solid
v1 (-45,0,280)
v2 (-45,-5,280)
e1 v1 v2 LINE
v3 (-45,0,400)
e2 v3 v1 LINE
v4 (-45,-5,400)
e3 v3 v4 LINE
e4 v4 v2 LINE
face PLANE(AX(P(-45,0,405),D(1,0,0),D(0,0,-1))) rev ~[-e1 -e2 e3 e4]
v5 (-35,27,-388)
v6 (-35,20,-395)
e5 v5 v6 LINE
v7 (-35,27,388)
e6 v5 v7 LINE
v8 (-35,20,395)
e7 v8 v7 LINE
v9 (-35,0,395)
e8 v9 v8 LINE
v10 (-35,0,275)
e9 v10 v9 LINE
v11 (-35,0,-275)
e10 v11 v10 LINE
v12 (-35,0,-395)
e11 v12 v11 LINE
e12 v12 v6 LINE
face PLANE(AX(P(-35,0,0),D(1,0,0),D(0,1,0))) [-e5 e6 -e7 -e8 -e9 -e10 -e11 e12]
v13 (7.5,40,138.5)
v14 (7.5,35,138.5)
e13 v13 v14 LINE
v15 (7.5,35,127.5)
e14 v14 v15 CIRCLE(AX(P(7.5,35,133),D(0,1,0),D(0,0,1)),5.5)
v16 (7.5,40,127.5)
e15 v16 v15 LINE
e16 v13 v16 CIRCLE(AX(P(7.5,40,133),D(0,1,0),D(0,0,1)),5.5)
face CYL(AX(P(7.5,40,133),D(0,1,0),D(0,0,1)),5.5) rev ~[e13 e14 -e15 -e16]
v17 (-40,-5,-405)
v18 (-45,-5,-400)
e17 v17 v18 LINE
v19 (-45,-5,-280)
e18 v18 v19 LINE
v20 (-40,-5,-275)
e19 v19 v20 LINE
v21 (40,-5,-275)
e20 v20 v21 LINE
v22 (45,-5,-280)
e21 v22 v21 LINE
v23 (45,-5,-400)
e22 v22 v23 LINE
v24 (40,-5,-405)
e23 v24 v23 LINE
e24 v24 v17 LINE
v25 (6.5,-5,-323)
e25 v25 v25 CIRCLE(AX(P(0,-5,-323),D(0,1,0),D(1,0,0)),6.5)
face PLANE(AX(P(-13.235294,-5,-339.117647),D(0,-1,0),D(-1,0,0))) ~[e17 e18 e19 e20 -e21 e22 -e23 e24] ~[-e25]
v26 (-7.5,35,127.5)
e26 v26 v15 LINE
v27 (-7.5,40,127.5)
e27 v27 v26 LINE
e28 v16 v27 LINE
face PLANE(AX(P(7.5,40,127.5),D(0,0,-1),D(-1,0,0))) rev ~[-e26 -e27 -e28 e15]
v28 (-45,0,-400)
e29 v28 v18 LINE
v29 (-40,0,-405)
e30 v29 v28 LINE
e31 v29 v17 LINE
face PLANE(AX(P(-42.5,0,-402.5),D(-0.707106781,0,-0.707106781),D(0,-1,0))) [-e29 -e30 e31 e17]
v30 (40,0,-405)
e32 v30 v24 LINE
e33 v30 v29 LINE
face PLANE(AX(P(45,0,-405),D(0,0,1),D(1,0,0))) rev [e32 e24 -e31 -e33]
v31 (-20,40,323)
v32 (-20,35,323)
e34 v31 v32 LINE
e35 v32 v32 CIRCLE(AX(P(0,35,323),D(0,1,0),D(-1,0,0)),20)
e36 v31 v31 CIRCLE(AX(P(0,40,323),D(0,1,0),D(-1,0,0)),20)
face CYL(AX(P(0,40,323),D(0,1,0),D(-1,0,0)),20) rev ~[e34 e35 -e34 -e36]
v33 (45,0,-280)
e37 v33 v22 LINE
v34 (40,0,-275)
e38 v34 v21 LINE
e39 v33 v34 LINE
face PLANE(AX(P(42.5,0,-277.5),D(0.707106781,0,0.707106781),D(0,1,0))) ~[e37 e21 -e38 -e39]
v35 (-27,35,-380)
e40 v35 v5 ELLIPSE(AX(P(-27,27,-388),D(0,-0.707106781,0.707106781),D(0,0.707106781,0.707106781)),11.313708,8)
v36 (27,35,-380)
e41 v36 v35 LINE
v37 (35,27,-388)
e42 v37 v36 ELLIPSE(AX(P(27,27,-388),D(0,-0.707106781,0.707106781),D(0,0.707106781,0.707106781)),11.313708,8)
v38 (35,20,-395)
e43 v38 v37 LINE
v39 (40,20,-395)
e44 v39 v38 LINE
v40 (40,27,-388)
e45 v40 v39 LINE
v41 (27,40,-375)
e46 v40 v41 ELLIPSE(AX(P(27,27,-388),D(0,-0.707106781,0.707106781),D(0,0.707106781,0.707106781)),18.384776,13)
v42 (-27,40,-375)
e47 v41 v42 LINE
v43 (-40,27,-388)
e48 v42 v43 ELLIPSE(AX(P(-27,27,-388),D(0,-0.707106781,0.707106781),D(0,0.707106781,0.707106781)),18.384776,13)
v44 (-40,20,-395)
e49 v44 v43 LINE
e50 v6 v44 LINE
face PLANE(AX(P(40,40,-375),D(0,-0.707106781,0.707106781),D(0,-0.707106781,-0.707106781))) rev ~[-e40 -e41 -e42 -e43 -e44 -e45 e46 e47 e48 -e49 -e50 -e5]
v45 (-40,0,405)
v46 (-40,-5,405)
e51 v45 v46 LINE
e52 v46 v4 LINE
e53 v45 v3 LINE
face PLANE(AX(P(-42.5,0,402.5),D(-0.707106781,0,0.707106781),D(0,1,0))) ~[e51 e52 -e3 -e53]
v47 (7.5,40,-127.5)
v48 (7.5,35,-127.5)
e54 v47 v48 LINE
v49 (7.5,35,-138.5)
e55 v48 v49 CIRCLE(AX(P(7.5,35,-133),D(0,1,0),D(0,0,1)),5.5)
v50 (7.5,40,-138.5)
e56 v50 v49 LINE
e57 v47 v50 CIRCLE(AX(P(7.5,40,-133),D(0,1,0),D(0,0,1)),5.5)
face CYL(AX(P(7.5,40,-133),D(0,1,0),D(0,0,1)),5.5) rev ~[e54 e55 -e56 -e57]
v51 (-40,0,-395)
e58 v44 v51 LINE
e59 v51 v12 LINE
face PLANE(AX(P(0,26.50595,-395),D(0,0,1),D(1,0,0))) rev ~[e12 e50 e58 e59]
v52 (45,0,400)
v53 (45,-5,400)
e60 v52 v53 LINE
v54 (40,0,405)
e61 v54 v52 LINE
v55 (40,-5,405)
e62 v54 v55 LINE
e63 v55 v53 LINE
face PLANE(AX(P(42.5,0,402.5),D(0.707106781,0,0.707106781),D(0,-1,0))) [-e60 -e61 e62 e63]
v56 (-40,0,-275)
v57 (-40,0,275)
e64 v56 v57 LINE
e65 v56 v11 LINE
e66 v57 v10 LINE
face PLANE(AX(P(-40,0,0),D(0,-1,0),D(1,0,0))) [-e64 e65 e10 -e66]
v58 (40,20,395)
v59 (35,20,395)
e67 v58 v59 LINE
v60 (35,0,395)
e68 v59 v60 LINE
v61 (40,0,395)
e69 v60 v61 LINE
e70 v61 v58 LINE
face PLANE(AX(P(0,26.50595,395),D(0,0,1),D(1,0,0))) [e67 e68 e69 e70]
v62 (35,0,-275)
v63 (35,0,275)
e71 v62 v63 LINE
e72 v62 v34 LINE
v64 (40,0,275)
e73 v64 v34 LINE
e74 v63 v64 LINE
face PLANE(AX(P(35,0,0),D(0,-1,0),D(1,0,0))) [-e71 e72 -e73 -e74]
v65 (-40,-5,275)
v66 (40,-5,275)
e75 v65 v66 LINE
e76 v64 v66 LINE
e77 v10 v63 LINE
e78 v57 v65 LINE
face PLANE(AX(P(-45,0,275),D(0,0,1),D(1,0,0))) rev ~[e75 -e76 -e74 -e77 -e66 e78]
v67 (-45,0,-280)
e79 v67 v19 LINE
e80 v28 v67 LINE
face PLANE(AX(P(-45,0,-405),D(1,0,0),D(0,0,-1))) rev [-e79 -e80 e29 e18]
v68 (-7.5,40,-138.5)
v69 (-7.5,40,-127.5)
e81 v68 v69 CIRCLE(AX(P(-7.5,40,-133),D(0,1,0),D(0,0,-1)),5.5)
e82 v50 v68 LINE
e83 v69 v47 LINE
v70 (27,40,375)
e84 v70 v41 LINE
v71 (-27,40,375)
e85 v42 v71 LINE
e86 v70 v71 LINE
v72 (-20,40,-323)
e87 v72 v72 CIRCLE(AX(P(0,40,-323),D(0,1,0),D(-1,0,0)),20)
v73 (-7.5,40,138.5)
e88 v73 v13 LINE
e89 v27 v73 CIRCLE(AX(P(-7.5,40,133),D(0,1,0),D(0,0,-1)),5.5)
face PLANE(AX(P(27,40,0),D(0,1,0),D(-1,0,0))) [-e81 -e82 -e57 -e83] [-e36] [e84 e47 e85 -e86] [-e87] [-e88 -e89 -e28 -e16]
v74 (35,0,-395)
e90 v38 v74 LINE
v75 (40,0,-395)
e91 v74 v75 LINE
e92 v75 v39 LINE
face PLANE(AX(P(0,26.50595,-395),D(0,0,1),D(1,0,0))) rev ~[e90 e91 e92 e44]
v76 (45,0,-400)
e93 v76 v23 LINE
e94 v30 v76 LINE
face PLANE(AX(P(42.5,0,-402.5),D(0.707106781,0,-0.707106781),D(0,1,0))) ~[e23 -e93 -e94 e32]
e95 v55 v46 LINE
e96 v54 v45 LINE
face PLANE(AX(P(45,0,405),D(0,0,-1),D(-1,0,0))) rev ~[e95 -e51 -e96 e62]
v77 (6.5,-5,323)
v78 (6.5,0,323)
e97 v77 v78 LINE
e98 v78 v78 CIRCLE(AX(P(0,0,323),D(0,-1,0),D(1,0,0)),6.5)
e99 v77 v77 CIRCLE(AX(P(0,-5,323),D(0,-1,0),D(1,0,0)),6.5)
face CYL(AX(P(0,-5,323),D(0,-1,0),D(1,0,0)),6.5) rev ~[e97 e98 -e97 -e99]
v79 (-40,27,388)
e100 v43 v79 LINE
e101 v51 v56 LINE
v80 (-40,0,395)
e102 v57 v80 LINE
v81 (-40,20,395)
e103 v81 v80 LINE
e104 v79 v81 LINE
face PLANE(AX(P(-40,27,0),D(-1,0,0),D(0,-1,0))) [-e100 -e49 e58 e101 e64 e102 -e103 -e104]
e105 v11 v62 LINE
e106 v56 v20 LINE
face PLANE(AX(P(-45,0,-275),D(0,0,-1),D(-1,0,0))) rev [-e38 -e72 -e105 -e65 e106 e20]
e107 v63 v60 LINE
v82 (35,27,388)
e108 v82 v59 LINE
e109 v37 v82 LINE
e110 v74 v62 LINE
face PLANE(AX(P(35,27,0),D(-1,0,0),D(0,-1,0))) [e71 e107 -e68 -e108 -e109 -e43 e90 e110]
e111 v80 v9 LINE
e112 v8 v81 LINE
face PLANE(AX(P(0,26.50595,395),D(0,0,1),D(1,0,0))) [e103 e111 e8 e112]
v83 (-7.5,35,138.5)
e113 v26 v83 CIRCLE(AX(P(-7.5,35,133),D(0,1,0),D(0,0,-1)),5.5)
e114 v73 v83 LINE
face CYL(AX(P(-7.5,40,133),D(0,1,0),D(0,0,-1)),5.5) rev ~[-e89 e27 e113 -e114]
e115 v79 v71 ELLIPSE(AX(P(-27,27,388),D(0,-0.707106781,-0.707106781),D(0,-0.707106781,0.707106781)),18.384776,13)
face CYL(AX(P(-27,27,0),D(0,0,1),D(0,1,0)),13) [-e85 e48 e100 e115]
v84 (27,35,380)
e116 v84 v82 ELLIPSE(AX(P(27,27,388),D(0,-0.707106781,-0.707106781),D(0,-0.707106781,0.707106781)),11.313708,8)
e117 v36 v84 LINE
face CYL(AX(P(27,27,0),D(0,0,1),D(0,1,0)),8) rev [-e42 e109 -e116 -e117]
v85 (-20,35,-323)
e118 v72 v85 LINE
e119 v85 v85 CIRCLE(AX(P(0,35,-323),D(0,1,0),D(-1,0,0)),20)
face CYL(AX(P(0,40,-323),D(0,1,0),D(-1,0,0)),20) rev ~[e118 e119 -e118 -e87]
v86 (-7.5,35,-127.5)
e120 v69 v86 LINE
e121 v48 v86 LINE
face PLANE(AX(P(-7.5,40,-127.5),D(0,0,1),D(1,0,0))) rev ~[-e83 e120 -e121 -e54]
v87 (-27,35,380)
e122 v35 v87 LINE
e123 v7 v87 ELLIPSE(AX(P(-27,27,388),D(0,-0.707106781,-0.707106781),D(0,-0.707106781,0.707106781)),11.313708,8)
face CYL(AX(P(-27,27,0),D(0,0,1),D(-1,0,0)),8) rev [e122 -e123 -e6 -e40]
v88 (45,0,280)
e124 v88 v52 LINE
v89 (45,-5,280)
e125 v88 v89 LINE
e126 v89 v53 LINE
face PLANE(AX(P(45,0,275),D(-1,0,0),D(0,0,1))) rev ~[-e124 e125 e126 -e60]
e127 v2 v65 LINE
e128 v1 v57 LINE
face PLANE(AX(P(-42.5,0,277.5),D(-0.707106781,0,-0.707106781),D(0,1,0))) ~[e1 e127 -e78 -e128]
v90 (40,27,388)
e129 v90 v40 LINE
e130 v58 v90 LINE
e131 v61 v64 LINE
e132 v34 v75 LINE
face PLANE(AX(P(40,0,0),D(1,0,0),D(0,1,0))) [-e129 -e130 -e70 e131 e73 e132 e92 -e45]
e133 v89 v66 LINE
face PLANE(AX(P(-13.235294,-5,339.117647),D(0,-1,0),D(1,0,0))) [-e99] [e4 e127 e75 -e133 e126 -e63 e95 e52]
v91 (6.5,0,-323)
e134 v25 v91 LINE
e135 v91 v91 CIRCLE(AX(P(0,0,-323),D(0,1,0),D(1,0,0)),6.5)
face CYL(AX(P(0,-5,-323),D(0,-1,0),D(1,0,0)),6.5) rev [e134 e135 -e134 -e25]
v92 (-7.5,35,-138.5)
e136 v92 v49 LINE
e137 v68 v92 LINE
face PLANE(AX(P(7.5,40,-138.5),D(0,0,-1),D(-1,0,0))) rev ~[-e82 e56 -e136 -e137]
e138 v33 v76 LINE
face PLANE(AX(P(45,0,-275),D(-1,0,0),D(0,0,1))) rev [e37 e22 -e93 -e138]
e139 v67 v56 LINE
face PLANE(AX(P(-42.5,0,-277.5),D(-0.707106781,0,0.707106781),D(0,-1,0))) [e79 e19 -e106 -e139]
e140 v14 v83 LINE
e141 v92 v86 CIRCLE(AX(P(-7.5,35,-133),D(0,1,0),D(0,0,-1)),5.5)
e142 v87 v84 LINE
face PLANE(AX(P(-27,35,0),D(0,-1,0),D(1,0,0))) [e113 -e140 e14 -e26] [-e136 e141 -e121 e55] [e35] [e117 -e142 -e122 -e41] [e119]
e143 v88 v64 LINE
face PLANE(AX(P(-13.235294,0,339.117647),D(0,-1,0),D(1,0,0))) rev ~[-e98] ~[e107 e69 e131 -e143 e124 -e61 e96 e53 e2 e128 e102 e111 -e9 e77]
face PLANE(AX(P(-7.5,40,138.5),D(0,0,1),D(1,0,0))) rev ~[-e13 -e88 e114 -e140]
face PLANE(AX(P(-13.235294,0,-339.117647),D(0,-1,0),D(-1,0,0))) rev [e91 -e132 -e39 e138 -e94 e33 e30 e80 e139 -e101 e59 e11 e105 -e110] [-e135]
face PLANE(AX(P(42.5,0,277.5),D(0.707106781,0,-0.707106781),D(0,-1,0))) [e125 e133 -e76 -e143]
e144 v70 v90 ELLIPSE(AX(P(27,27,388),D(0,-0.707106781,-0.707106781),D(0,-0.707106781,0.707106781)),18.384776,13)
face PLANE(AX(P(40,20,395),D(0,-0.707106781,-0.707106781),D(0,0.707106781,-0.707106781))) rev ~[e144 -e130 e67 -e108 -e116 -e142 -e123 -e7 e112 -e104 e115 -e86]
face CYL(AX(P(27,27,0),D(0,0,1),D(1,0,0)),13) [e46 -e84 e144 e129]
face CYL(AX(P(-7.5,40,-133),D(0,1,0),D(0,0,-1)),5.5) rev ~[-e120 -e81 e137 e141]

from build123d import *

# Parameters (mm, degrees)
F1_DEPTH  = 395
F2_R      = 20
F3_DEPTH  = 40.001
F4_W      = 5
F4_H      = 120
F5_DEPTH  = 5
F6_SIZE   = 5
F7_R      = 6.5
F8_DEPTH  = 45.001
F11_DEPTH = 85.001


with BuildPart() as f1:
    # F0 (on Top) → F1 (new body, symmetric)
    with BuildSketch(Plane.XY):
        with BuildLine():
            Line((27, 40), (-27, 40))
            ThreePointArc((-27, 40), (-36.1923881554, 36.1923881554), (-40, 27))
            Line((-40, 27), (-40, 0))
            Line((-40, 0), (-35, 0))
            Line((-35, 0), (-35, 27))
            ThreePointArc((-35, 27), (-32.6568542495, 32.6568542495), (-27, 35))
            Line((-27, 35), (27, 35))
            ThreePointArc((27, 35), (32.6568542495, 32.6568542495), (35, 27))
            Line((35, 27), (35, 0))
            Line((35, 0), (40, 0))
            Line((40, 0), (40, 27))
            ThreePointArc((40, 27), (36.1923881554, 36.1923881554), (27, 40))
        make_face()
    extrude(amount=F1_DEPTH, both=True)

    # F2 (on face) → F3 (cut, through all)
    with BuildSketch(Plane(origin=(0, 40, 0), x_dir=(-1, 0, 0), z_dir=(0, 1, 0))):
        with Locations((0, 323)):
            Circle(F2_R)
        with BuildLine():
            Line((-7.5, 127.5), (7.5, 127.5))
            ThreePointArc((7.5, 127.5), (13, 133), (7.5, 138.5))
            Line((7.5, 138.5), (-7.5, 138.5))
            ThreePointArc((-7.5, 138.5), (-13, 133), (-7.5, 127.5))
        make_face()
        with BuildLine():
            ThreePointArc((-7.5, -127.5), (-13, -133), (-7.5, -138.5))
            Line((-7.5, -138.5), (7.5, -138.5))
            ThreePointArc((7.5, -138.5), (13, -133), (7.5, -127.5))
            Line((7.5, -127.5), (-7.5, -127.5))
        make_face()
        with Locations((0, -323)):
            Circle(F2_R)
    extrude(amount=-F3_DEPTH, mode=Mode.SUBTRACT)

    # F4 (on face) → F5 (join)
    with BuildSketch(Plane.XZ):
        Polygon((45, 405), (-45, 405), (-45, 275), (-40, 275), (-40, 395), (-35, 395), (-35, 275), (45, 275), align=None)
        with Locations((-37.5, 335)):
            Rectangle(F4_W, F4_H)
    extrude(amount=F5_DEPTH)

    # F6
    f6_edges = [f1.edges().sort_by_distance(p)[0] for p in [
        (45, -2.5, 275),
        (-45, -2.5, 275),
        (-45, -2.5, 405),
        (45, -2.5, 405),
    ]]
    chamfer(f6_edges, length=F6_SIZE)

    # F7 (on face) → F8 (cut, through all)
    with BuildSketch(Plane.XZ.offset(5)):
        with Locations((0, 323)):
            Circle(F7_R)
    extrude(amount=-F8_DEPTH, mode=Mode.SUBTRACT)

    # F9: F1 across plane


with BuildPart() as f1_1:
    add(f1.part)
    add(f1.part.mirror(Plane.XY))

    # F10 (on face) → F11 (cut, through all)
    with BuildSketch(Plane.YZ.offset(40)):
        Polygon((27, 388), (27, 395), (20, 395), align=None)
        Polygon((40, 375), (40, 395), (27, 395), (27, 388), align=None)
        Polygon((27, -395), (27, -388), (20, -395), align=None)
        Polygon((40, -375), (27, -388), (27, -395), (40, -395), align=None)
    extrude(amount=-F11_DEPTH, mode=Mode.SUBTRACT)


solid = f1_1.part
